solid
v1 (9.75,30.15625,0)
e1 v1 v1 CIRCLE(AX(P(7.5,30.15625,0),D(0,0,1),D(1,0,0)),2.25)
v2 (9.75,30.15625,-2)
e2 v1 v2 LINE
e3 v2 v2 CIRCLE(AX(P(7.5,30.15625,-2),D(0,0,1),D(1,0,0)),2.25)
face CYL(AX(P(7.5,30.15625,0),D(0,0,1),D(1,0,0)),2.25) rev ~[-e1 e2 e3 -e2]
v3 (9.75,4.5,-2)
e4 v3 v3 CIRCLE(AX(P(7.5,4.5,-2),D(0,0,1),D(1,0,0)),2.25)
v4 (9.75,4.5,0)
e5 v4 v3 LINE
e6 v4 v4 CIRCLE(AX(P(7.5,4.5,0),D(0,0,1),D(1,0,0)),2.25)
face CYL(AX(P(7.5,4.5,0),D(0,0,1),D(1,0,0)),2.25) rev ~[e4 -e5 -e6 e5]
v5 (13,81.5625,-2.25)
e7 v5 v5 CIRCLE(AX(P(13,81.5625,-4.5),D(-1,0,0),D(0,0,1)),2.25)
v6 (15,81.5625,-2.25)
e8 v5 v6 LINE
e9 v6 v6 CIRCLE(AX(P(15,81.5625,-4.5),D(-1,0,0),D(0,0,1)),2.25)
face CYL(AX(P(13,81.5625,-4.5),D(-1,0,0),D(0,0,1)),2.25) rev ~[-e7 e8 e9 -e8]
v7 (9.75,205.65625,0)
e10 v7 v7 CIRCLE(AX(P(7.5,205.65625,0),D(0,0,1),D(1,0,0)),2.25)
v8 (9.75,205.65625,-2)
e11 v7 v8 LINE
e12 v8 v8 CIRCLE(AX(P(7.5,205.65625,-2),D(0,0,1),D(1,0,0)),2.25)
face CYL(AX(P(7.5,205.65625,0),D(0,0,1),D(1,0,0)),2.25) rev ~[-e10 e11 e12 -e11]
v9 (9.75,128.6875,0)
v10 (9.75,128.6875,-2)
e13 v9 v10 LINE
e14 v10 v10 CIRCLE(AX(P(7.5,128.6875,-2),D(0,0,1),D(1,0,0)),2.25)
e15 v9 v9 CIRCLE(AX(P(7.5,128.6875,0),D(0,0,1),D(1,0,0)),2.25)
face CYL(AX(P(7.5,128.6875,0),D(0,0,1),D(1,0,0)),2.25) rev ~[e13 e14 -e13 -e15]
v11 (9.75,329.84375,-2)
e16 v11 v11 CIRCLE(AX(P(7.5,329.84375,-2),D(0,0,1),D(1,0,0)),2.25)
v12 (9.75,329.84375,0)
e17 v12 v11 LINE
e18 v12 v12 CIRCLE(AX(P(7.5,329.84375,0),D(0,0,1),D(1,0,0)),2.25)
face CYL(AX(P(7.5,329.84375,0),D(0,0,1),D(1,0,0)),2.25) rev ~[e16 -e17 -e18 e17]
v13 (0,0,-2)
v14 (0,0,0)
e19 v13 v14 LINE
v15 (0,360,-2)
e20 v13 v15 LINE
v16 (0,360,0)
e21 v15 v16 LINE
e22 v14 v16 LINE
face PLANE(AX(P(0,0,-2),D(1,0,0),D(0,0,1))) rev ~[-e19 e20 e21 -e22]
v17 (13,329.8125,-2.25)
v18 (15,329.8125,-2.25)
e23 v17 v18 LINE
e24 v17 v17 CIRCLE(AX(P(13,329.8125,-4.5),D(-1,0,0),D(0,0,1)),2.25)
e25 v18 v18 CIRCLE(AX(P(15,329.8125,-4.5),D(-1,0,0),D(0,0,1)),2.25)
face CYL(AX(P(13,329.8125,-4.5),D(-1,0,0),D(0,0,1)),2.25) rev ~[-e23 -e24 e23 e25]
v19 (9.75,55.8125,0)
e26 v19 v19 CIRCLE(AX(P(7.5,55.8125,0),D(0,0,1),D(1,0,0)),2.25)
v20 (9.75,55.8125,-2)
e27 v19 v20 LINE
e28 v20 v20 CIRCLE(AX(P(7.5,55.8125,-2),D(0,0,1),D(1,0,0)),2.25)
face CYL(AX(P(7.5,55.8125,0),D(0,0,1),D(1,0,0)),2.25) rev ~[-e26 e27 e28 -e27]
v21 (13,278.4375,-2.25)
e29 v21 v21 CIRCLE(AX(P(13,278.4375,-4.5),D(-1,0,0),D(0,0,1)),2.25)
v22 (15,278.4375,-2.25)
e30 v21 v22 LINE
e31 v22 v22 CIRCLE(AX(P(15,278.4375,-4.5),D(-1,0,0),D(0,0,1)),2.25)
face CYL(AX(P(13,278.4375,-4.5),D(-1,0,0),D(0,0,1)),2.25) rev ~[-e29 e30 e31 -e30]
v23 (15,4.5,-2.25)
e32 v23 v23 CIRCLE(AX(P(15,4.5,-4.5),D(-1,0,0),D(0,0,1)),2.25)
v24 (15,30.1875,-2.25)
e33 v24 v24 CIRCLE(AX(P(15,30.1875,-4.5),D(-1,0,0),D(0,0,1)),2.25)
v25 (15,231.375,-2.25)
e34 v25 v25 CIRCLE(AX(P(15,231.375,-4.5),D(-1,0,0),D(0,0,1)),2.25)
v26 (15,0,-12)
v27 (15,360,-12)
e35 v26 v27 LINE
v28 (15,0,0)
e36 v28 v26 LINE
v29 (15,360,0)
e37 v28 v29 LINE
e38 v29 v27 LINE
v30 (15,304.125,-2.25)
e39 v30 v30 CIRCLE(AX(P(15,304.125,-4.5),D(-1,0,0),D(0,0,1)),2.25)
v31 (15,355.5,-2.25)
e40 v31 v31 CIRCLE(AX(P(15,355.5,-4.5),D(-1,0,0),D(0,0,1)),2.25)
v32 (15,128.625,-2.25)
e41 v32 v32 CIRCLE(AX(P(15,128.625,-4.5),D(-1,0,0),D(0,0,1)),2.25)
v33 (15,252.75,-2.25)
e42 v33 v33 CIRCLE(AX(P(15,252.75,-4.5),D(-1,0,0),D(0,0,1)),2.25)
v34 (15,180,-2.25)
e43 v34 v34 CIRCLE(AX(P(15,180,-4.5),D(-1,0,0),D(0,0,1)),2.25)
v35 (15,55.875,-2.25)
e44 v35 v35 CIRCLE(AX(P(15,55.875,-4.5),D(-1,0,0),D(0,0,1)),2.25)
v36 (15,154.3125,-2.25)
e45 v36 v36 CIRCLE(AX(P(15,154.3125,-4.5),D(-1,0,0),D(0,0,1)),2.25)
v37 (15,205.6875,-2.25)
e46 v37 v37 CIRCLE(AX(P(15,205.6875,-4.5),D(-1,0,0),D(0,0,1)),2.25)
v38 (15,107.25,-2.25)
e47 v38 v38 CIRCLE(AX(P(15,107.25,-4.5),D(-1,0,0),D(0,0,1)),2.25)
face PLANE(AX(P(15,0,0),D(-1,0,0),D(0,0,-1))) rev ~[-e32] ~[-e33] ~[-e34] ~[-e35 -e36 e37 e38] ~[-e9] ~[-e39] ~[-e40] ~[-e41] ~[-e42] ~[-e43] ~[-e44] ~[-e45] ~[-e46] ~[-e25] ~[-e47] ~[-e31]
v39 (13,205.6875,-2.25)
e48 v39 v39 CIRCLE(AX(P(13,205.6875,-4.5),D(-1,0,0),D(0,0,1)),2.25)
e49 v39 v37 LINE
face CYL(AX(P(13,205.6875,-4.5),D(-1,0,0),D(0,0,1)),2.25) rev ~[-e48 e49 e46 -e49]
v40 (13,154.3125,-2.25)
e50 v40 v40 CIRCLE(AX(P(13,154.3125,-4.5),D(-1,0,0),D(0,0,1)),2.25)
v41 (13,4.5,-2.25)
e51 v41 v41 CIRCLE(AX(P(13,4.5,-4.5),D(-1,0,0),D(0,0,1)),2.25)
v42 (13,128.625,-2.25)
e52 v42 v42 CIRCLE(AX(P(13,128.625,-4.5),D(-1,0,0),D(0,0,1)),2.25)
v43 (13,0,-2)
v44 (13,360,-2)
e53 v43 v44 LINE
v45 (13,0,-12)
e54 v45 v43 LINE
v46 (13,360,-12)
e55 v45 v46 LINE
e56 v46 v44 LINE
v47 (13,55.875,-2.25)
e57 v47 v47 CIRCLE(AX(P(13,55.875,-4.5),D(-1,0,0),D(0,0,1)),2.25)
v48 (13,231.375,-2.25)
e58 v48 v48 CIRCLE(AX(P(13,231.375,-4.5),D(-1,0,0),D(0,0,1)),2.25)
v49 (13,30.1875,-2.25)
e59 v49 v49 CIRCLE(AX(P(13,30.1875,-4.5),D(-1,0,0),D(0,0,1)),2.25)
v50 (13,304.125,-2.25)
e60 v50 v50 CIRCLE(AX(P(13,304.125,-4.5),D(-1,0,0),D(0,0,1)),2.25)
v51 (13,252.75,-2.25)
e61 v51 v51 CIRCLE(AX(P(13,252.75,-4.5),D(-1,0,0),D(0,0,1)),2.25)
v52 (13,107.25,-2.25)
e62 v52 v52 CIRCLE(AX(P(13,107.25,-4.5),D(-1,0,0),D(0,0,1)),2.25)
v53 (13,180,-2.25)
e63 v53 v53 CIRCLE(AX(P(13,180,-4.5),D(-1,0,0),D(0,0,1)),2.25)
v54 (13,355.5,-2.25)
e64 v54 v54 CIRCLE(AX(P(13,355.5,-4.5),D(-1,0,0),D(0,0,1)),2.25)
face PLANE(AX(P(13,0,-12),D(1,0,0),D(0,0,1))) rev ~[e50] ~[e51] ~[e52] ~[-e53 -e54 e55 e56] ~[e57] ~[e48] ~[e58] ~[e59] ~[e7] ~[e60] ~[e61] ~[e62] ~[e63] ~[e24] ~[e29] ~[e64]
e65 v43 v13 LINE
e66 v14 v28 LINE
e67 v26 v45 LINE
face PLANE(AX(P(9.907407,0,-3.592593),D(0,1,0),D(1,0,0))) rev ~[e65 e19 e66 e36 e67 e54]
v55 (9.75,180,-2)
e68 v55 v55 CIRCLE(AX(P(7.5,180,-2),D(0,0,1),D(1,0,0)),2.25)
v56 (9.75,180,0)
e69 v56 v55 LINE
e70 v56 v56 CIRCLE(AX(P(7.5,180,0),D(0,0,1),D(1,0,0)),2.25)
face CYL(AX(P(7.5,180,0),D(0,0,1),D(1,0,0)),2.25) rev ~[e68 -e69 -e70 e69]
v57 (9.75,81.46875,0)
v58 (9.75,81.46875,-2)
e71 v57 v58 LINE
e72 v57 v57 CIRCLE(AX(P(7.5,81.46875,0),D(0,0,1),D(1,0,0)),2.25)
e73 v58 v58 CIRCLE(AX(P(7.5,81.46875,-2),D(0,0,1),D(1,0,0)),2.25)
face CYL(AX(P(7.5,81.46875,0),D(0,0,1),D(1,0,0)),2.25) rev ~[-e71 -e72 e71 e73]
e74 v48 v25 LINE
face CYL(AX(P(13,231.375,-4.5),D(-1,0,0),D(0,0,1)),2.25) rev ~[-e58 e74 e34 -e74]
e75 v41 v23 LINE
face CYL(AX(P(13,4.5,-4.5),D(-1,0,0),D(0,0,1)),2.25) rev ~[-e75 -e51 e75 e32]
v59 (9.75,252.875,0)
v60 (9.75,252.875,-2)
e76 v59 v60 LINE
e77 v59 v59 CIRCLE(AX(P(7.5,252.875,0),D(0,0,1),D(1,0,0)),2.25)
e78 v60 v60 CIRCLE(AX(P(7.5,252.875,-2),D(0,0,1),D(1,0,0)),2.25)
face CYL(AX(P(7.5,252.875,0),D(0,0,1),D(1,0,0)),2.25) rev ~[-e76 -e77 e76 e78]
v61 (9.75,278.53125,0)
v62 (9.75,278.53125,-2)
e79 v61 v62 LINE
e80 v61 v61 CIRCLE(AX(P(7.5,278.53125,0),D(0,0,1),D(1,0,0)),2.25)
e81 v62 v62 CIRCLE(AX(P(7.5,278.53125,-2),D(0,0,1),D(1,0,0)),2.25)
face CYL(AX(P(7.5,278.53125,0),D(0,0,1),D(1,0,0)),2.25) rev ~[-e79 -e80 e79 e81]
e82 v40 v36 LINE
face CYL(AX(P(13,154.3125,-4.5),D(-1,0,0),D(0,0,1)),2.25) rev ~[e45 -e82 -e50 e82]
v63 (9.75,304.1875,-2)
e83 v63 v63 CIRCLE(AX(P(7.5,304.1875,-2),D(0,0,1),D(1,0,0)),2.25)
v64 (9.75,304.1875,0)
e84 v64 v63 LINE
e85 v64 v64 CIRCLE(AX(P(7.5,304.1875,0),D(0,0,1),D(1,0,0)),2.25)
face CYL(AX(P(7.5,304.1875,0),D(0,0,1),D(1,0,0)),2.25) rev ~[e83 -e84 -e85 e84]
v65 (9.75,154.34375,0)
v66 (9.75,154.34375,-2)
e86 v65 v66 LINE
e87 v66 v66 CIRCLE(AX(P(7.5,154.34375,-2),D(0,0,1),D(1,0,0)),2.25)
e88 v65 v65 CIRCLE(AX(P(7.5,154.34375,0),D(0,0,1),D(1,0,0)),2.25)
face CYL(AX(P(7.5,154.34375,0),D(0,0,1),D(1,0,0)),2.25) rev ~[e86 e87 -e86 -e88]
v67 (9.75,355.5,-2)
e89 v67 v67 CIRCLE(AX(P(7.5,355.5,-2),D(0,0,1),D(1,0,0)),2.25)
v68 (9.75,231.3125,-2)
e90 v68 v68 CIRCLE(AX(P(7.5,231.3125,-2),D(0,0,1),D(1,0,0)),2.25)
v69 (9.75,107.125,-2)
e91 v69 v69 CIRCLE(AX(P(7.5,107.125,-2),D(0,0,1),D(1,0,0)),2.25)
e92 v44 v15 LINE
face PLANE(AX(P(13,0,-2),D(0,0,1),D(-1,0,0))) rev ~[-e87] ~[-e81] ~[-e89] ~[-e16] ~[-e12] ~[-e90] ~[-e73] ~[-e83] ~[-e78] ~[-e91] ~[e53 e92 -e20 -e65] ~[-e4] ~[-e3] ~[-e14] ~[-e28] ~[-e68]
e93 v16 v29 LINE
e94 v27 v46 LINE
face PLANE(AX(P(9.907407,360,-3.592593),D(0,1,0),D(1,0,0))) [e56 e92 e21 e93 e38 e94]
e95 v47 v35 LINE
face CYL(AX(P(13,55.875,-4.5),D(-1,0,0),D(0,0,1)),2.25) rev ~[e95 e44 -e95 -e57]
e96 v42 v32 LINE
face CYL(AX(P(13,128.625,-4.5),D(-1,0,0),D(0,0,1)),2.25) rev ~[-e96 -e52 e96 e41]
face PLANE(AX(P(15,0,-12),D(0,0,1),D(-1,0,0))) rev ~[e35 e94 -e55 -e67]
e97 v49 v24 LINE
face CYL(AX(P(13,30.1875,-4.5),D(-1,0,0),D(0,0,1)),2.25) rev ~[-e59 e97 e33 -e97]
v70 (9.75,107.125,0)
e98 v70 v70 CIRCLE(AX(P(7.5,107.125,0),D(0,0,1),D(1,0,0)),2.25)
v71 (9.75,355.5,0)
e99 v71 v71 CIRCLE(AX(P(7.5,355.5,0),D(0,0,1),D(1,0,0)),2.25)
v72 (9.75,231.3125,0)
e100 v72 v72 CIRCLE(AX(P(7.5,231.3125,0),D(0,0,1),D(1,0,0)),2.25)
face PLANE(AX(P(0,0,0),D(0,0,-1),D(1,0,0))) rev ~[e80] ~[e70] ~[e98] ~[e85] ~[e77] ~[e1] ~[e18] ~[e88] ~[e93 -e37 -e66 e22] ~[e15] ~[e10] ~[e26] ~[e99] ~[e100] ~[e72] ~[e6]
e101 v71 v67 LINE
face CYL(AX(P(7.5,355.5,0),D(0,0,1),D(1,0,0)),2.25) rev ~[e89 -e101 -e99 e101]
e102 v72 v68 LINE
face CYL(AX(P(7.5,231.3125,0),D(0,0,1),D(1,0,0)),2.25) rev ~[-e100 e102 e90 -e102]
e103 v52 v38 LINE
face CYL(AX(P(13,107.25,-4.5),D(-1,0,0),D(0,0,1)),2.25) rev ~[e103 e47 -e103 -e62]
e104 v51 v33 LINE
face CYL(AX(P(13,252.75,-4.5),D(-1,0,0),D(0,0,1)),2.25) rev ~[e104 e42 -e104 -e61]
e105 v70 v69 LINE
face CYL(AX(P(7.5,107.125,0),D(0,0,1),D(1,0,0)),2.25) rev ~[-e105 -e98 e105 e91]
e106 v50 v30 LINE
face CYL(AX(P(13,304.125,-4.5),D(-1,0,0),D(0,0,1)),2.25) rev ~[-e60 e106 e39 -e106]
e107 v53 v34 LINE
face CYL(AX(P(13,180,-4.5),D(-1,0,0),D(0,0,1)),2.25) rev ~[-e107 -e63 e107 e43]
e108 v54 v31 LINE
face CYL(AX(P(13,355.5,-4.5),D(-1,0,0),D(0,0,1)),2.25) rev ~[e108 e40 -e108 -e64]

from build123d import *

# Parameters (mm, degrees)
BOSS_EXTRUDE1_DEPTH       = 360
CUT_EXTRUDE1_REACH        = 4
SKETCH2_R                 = 2.25
SKETCH3_R                 = 2.25
CUT_EXTRUDE2_DEPTH        = 2
LPATTERN1_COUNT           = 5
LPATTERN1_PITCH           = 25.65625
LPATTERN2_COUNT           = 3
LPATTERN2_PITCH           = 124.1875
LPATTERN2_COPY_1_SKETCH_R = 2.25
LPATTERN2_COPY_1_DEPTH    = 2
LPATTERN2_COPY_2_SKETCH_R = 2.25
LPATTERN2_COPY_2_DEPTH    = 2
LPATTERN2_COPY_3_SKETCH_R = 2.25
LPATTERN2_COPY_3_DEPTH    = 2
LPATTERN2_COPY_4_SKETCH_R = 2.25
LPATTERN2_COPY_4_DEPTH    = 2
LPATTERN2_COPY_5_SKETCH_R = 2.25
LPATTERN2_COPY_5_DEPTH    = 2
LPATTERN2_COPY_6_SKETCH_R = 2.25
LPATTERN2_COPY_6_DEPTH    = 2
LPATTERN2_COPY_7_SKETCH_R = 2.25
LPATTERN2_COPY_7_DEPTH    = 2
LPATTERN2_COPY_8_SKETCH_R = 2.25
LPATTERN2_COPY_8_DEPTH    = 2


with BuildPart() as part:
    # Sketch1 → Boss-Extrude1 (new body)
    with BuildSketch(Plane(origin=(0, 0, 0), x_dir=(1, 0, 0), z_dir=(0, 1, 0))):
        Polygon((0, 0), (15, 0), (15, 12), (13, 12), (13, 2), (0, 2), align=None)
    extrude(amount=BOSS_EXTRUDE1_DEPTH)

    # Sketch2 → Cut-Extrude1 (cut, up to next)
    with BuildSketch(Plane.ZY.offset(-13), mode=Mode.PRIVATE) as cut_extrude1_sk1:
        with Locations((-4.5, 329.8125)):
            Circle(SKETCH2_R)
    cut_extrude1_tool1 = extrude(cut_extrude1_sk1.sketch, amount=-CUT_EXTRUDE1_REACH, mode=Mode.PRIVATE) & part.part
    add(cut_extrude1_tool1.solids().sort_by_distance((13, 329.8125, -4.5))[0], mode=Mode.SUBTRACT)
    # Sketch2 → Cut-Extrude1 (cut, up to next)
    with BuildSketch(Plane.ZY.offset(-13), mode=Mode.PRIVATE) as cut_extrude1_sk2:
        with Locations((-4.5, 304.125)):
            Circle(SKETCH2_R)
    cut_extrude1_tool2 = extrude(cut_extrude1_sk2.sketch, amount=-CUT_EXTRUDE1_REACH, mode=Mode.PRIVATE) & part.part
    add(cut_extrude1_tool2.solids().sort_by_distance((13, 304.125, -4.5))[0], mode=Mode.SUBTRACT)
    # Sketch2 → Cut-Extrude1 (cut, up to next)
    with BuildSketch(Plane.ZY.offset(-13), mode=Mode.PRIVATE) as cut_extrude1_sk3:
        with Locations((-4.5, 278.4375)):
            Circle(SKETCH2_R)
    cut_extrude1_tool3 = extrude(cut_extrude1_sk3.sketch, amount=-CUT_EXTRUDE1_REACH, mode=Mode.PRIVATE) & part.part
    add(cut_extrude1_tool3.solids().sort_by_distance((13, 278.4375, -4.5))[0], mode=Mode.SUBTRACT)
    # Sketch2 → Cut-Extrude1 (cut, up to next)
    with BuildSketch(Plane.ZY.offset(-13), mode=Mode.PRIVATE) as cut_extrude1_sk4:
        with Locations((-4.5, 252.75)):
            Circle(SKETCH2_R)
    cut_extrude1_tool4 = extrude(cut_extrude1_sk4.sketch, amount=-CUT_EXTRUDE1_REACH, mode=Mode.PRIVATE) & part.part
    add(cut_extrude1_tool4.solids().sort_by_distance((13, 252.75, -4.5))[0], mode=Mode.SUBTRACT)
    # Sketch2 → Cut-Extrude1 (cut, up to next)
    with BuildSketch(Plane.ZY.offset(-13), mode=Mode.PRIVATE) as cut_extrude1_sk5:
        with Locations((-4.5, 231.375)):
            Circle(SKETCH2_R)
    cut_extrude1_tool5 = extrude(cut_extrude1_sk5.sketch, amount=-CUT_EXTRUDE1_REACH, mode=Mode.PRIVATE) & part.part
    add(cut_extrude1_tool5.solids().sort_by_distance((13, 231.375, -4.5))[0], mode=Mode.SUBTRACT)
    # Sketch2 → Cut-Extrude1 (cut, up to next)
    with BuildSketch(Plane.ZY.offset(-13), mode=Mode.PRIVATE) as cut_extrude1_sk6:
        with Locations((-4.5, 205.6875)):
            Circle(SKETCH2_R)
    cut_extrude1_tool6 = extrude(cut_extrude1_sk6.sketch, amount=-CUT_EXTRUDE1_REACH, mode=Mode.PRIVATE) & part.part
    add(cut_extrude1_tool6.solids().sort_by_distance((13, 205.6875, -4.5))[0], mode=Mode.SUBTRACT)
    # Sketch2 → Cut-Extrude1 (cut, up to next)
    with BuildSketch(Plane.ZY.offset(-13), mode=Mode.PRIVATE) as cut_extrude1_sk7:
        with Locations((-4.5, 180)):
            Circle(SKETCH2_R)
    cut_extrude1_tool7 = extrude(cut_extrude1_sk7.sketch, amount=-CUT_EXTRUDE1_REACH, mode=Mode.PRIVATE) & part.part
    add(cut_extrude1_tool7.solids().sort_by_distance((13, 180, -4.5))[0], mode=Mode.SUBTRACT)
    # Sketch2 → Cut-Extrude1 (cut, up to next)
    with BuildSketch(Plane.ZY.offset(-13), mode=Mode.PRIVATE) as cut_extrude1_sk8:
        with Locations((-4.5, 154.3125)):
            Circle(SKETCH2_R)
    cut_extrude1_tool8 = extrude(cut_extrude1_sk8.sketch, amount=-CUT_EXTRUDE1_REACH, mode=Mode.PRIVATE) & part.part
    add(cut_extrude1_tool8.solids().sort_by_distance((13, 154.3125, -4.5))[0], mode=Mode.SUBTRACT)
    # Sketch2 → Cut-Extrude1 (cut, up to next)
    with BuildSketch(Plane.ZY.offset(-13), mode=Mode.PRIVATE) as cut_extrude1_sk9:
        with Locations((-4.5, 128.625)):
            Circle(SKETCH2_R)
    cut_extrude1_tool9 = extrude(cut_extrude1_sk9.sketch, amount=-CUT_EXTRUDE1_REACH, mode=Mode.PRIVATE) & part.part
    add(cut_extrude1_tool9.solids().sort_by_distance((13, 128.625, -4.5))[0], mode=Mode.SUBTRACT)
    # Sketch2 → Cut-Extrude1 (cut, up to next)
    with BuildSketch(Plane.ZY.offset(-13), mode=Mode.PRIVATE) as cut_extrude1_sk10:
        with Locations((-4.5, 107.25)):
            Circle(SKETCH2_R)
    cut_extrude1_tool10 = extrude(cut_extrude1_sk10.sketch, amount=-CUT_EXTRUDE1_REACH, mode=Mode.PRIVATE) & part.part
    add(cut_extrude1_tool10.solids().sort_by_distance((13, 107.25, -4.5))[0], mode=Mode.SUBTRACT)
    # Sketch2 → Cut-Extrude1 (cut, up to next)
    with BuildSketch(Plane.ZY.offset(-13), mode=Mode.PRIVATE) as cut_extrude1_sk11:
        with Locations((-4.5, 81.5625)):
            Circle(SKETCH2_R)
    cut_extrude1_tool11 = extrude(cut_extrude1_sk11.sketch, amount=-CUT_EXTRUDE1_REACH, mode=Mode.PRIVATE) & part.part
    add(cut_extrude1_tool11.solids().sort_by_distance((13, 81.5625, -4.5))[0], mode=Mode.SUBTRACT)
    # Sketch2 → Cut-Extrude1 (cut, up to next)
    with BuildSketch(Plane.ZY.offset(-13), mode=Mode.PRIVATE) as cut_extrude1_sk12:
        with Locations((-4.5, 55.875)):
            Circle(SKETCH2_R)
    cut_extrude1_tool12 = extrude(cut_extrude1_sk12.sketch, amount=-CUT_EXTRUDE1_REACH, mode=Mode.PRIVATE) & part.part
    add(cut_extrude1_tool12.solids().sort_by_distance((13, 55.875, -4.5))[0], mode=Mode.SUBTRACT)
    # Sketch2 → Cut-Extrude1 (cut, up to next)
    with BuildSketch(Plane.ZY.offset(-13), mode=Mode.PRIVATE) as cut_extrude1_sk13:
        with Locations((-4.5, 30.1875)):
            Circle(SKETCH2_R)
    cut_extrude1_tool13 = extrude(cut_extrude1_sk13.sketch, amount=-CUT_EXTRUDE1_REACH, mode=Mode.PRIVATE) & part.part
    add(cut_extrude1_tool13.solids().sort_by_distance((13, 30.1875, -4.5))[0], mode=Mode.SUBTRACT)
    # Sketch2 → Cut-Extrude1 (cut, up to next)
    with BuildSketch(Plane.ZY.offset(-13), mode=Mode.PRIVATE) as cut_extrude1_sk14:
        with Locations((-4.5, 4.5)):
            Circle(SKETCH2_R)
    cut_extrude1_tool14 = extrude(cut_extrude1_sk14.sketch, amount=-CUT_EXTRUDE1_REACH, mode=Mode.PRIVATE) & part.part
    add(cut_extrude1_tool14.solids().sort_by_distance((13, 4.5, -4.5))[0], mode=Mode.SUBTRACT)
    # Sketch2 → Cut-Extrude1 (cut, up to next)
    with BuildSketch(Plane.ZY.offset(-13), mode=Mode.PRIVATE) as cut_extrude1_sk15:
        with Locations((-4.5, 355.5)):
            Circle(SKETCH2_R)
    cut_extrude1_tool15 = extrude(cut_extrude1_sk15.sketch, amount=-CUT_EXTRUDE1_REACH, mode=Mode.PRIVATE) & part.part
    add(cut_extrude1_tool15.solids().sort_by_distance((13, 355.5, -4.5))[0], mode=Mode.SUBTRACT)

    # Sketch3 → Cut-Extrude2 (cut)
    with BuildSketch(Plane.XY):
        with Locations((7.5, 355.5)):
            Circle(SKETCH3_R)
    cut_extrude2 = extrude(amount=-CUT_EXTRUDE2_DEPTH, mode=Mode.SUBTRACT)

    # LPattern1: Cut-Extrude2 ×5
    with Locations(*[(0, -i * LPATTERN1_PITCH, 0) for i in range(1, LPATTERN1_COUNT)]):
        add(cut_extrude2, mode=Mode.SUBTRACT)

    # LPattern2: Cut-Extrude2 ×3
    with Locations(*[(0, -i * LPATTERN2_PITCH, 0) for i in range(1, LPATTERN2_COUNT)]):
        add(cut_extrude2, mode=Mode.SUBTRACT)

    # LPattern2 copy 1 sketch → LPattern2 copy 1 (cut)
    with BuildSketch(Plane(origin=(0, -149.84375, 0), x_dir=(1, 0, 0), z_dir=(0, 0, 1))):
        with Locations((7.5, 355.5)):
            Circle(LPATTERN2_COPY_1_SKETCH_R)
    extrude(amount=-LPATTERN2_COPY_1_DEPTH, mode=Mode.SUBTRACT)

    # LPattern2 copy 2 sketch → LPattern2 copy 2 (cut)
    with BuildSketch(Plane(origin=(0, -274.03125, 0), x_dir=(1, 0, 0), z_dir=(0, 0, 1))):
        with Locations((7.5, 355.5)):
            Circle(LPATTERN2_COPY_2_SKETCH_R)
    extrude(amount=-LPATTERN2_COPY_2_DEPTH, mode=Mode.SUBTRACT)

    # LPattern2 copy 3 sketch → LPattern2 copy 3 (cut)
    with BuildSketch(Plane(origin=(0, -175.5, 0), x_dir=(1, 0, 0), z_dir=(0, 0, 1))):
        with Locations((7.5, 355.5)):
            Circle(LPATTERN2_COPY_3_SKETCH_R)
    extrude(amount=-LPATTERN2_COPY_3_DEPTH, mode=Mode.SUBTRACT)

    # LPattern2 copy 4 sketch → LPattern2 copy 4 (cut)
    with BuildSketch(Plane(origin=(0, -299.6875, 0), x_dir=(1, 0, 0), z_dir=(0, 0, 1))):
        with Locations((7.5, 355.5)):
            Circle(LPATTERN2_COPY_4_SKETCH_R)
    extrude(amount=-LPATTERN2_COPY_4_DEPTH, mode=Mode.SUBTRACT)

    # LPattern2 copy 5 sketch → LPattern2 copy 5 (cut)
    with BuildSketch(Plane(origin=(0, -201.15625, 0), x_dir=(1, 0, 0), z_dir=(0, 0, 1))):
        with Locations((7.5, 355.5)):
            Circle(LPATTERN2_COPY_5_SKETCH_R)
    extrude(amount=-LPATTERN2_COPY_5_DEPTH, mode=Mode.SUBTRACT)

    # LPattern2 copy 6 sketch → LPattern2 copy 6 (cut)
    with BuildSketch(Plane(origin=(0, -325.34375, 0), x_dir=(1, 0, 0), z_dir=(0, 0, 1))):
        with Locations((7.5, 355.5)):
            Circle(LPATTERN2_COPY_6_SKETCH_R)
    extrude(amount=-LPATTERN2_COPY_6_DEPTH, mode=Mode.SUBTRACT)

    # LPattern2 copy 7 sketch → LPattern2 copy 7 (cut)
    with BuildSketch(Plane(origin=(0, -226.8125, 0), x_dir=(1, 0, 0), z_dir=(0, 0, 1))):
        with Locations((7.5, 355.5)):
            Circle(LPATTERN2_COPY_7_SKETCH_R)
    extrude(amount=-LPATTERN2_COPY_7_DEPTH, mode=Mode.SUBTRACT)

    # LPattern2 copy 8 sketch → LPattern2 copy 8 (cut)
    with BuildSketch(Plane(origin=(0, -351, 0), x_dir=(1, 0, 0), z_dir=(0, 0, 1))):
        with Locations((7.5, 355.5)):
            Circle(LPATTERN2_COPY_8_SKETCH_R)
    extrude(amount=-LPATTERN2_COPY_8_DEPTH, mode=Mode.SUBTRACT)


solid = part.part
